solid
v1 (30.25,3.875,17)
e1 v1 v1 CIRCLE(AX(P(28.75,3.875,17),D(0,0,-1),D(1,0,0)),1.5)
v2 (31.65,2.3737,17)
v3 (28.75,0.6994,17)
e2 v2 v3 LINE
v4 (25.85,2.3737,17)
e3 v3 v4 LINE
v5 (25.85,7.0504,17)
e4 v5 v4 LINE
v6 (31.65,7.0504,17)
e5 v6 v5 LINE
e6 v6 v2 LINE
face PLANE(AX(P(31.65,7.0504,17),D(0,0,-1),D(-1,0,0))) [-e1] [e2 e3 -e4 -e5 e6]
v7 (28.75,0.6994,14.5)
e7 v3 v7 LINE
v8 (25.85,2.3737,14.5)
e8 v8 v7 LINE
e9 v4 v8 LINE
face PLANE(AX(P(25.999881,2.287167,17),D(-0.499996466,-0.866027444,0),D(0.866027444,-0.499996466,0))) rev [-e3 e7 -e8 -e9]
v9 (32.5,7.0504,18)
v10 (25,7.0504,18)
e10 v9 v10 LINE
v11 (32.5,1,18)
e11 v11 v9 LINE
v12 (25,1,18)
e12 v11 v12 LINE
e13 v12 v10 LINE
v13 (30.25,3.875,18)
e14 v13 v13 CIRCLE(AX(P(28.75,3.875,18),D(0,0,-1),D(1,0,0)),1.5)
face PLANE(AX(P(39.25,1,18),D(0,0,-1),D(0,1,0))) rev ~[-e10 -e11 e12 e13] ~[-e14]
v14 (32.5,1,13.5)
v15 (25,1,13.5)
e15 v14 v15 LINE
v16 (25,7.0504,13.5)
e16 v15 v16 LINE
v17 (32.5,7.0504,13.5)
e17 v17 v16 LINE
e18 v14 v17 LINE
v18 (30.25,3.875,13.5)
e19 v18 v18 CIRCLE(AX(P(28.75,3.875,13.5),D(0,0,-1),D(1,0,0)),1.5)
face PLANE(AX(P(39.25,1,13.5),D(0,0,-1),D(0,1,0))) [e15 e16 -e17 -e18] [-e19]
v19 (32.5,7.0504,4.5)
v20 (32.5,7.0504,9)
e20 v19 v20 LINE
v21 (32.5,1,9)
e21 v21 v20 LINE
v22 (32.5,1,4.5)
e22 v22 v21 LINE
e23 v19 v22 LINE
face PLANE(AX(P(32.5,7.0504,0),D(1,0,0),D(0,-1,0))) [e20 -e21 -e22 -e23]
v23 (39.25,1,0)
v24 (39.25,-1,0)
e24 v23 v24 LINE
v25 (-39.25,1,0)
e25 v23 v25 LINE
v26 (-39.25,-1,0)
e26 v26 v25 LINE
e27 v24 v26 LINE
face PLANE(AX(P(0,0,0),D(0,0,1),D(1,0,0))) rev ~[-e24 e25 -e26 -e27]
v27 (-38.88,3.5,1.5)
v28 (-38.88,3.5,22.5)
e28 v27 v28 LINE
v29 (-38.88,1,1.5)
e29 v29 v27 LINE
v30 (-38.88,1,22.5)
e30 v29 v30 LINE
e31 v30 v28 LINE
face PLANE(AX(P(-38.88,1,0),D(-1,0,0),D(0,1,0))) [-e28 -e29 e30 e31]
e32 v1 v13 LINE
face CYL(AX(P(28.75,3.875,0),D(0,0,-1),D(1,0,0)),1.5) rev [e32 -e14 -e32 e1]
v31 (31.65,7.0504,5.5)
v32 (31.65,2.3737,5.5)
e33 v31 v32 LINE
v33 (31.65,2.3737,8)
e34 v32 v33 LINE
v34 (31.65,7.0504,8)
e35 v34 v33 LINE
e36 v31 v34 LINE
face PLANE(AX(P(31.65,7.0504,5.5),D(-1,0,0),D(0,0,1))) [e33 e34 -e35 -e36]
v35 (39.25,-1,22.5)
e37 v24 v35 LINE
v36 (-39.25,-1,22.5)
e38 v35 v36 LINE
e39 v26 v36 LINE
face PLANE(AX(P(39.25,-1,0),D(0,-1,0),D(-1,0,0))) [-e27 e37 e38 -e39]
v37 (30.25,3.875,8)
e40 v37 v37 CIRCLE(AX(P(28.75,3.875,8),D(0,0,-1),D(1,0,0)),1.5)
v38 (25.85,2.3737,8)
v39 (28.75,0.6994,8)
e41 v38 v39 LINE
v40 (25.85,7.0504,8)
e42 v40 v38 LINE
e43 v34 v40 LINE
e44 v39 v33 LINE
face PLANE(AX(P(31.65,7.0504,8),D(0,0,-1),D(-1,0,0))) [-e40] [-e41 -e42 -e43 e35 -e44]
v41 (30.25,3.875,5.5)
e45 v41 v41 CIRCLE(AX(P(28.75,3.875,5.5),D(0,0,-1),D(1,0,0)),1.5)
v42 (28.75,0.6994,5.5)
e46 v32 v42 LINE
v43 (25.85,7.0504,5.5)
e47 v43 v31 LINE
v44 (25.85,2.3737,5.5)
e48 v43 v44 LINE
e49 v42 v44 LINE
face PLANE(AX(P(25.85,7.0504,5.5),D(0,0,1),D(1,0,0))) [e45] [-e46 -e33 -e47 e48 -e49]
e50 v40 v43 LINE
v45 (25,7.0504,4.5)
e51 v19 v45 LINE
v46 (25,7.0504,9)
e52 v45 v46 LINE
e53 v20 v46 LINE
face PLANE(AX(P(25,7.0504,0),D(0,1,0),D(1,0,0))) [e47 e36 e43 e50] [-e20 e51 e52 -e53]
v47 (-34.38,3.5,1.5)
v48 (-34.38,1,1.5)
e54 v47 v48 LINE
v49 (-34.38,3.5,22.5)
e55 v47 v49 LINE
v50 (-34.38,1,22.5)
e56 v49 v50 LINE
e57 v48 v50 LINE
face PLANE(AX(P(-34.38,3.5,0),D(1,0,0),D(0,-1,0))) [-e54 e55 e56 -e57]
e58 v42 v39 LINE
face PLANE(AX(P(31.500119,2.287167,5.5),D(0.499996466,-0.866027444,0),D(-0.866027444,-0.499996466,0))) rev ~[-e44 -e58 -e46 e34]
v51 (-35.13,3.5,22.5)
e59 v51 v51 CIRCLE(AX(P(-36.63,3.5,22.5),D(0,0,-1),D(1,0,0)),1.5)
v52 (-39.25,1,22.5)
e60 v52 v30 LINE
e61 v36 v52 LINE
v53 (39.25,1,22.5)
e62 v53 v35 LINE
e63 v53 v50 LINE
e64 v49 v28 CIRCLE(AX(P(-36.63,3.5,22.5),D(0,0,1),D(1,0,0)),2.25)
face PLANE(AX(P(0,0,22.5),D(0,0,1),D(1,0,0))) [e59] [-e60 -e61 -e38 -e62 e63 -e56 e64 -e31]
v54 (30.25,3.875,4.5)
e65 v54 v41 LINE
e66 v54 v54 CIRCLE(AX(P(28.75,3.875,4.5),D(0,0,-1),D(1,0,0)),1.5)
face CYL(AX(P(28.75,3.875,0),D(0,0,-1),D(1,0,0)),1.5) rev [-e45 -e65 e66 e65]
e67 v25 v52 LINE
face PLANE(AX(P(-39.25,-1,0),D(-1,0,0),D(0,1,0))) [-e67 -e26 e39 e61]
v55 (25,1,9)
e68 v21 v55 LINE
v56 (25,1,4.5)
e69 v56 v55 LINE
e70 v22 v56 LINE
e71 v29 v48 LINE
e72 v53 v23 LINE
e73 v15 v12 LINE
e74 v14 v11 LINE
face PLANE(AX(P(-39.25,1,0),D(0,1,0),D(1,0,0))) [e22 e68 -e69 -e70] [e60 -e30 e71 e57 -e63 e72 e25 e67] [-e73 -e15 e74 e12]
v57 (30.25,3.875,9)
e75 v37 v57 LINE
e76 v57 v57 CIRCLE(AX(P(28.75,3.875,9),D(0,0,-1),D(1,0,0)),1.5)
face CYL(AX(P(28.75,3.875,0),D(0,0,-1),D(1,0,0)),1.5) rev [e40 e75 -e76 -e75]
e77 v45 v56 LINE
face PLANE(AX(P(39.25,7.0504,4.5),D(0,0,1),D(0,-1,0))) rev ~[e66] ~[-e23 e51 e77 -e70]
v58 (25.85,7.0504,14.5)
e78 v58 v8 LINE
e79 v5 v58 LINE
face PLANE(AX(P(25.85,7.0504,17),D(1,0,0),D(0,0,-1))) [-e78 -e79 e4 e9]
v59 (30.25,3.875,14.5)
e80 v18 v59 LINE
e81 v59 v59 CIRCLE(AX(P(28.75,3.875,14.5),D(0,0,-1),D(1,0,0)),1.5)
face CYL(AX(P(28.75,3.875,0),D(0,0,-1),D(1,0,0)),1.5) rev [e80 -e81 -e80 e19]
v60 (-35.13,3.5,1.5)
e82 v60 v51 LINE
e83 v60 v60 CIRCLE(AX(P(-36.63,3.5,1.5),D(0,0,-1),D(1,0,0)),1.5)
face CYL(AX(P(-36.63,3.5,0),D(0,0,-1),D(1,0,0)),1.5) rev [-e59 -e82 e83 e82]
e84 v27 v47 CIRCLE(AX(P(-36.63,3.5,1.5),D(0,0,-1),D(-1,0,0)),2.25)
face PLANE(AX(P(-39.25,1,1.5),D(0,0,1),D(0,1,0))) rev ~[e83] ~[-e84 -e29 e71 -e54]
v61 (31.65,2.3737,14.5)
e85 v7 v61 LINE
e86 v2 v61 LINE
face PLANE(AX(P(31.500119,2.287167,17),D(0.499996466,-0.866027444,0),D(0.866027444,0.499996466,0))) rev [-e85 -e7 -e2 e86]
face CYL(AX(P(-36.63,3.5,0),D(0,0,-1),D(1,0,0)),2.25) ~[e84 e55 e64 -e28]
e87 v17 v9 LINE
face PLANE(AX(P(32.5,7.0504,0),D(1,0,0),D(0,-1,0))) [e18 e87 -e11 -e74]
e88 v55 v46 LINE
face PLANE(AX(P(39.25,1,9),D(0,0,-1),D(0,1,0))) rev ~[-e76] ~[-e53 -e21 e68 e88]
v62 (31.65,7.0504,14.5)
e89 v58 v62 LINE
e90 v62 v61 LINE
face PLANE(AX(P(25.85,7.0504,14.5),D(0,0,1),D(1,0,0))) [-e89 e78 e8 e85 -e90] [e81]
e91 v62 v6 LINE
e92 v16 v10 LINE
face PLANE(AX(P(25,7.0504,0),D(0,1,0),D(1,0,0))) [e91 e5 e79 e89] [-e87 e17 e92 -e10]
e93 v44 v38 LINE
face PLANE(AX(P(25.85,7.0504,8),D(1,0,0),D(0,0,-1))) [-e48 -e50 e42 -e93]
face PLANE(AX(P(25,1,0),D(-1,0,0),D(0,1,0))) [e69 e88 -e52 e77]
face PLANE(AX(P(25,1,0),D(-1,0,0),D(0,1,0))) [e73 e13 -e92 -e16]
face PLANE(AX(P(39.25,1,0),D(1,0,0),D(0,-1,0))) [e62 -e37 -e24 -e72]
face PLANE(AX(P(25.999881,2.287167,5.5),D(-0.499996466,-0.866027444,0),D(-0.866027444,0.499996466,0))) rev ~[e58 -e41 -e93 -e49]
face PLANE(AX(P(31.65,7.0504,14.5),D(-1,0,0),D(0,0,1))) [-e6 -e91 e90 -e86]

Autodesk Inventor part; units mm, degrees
ref_plane "YZ Plane" through (0, 0, 0) normal (1, 0, 0) x (0, 1, 0)
ref_plane "XZ Plane" through (0, 0, 0) normal (0, 1, 0) x (-1, 0, 0)
sketch "Sketch1" plane through (0, 0, 0) normal (0, 0, 1) x (1, 0, 0)
  line L0 (-39.25, 1) -> (39.25, 1)
  line L1 (39.25, 1) -> (39.25, -1)
  line L2 (39.25, -1) -> (-39.25, -1)
  line L3 (-39.25, -1) -> (-39.25, 1)
  circle A0 centre (-36.63, 3.5) radius 1.5
  circle A1 centre (28.75, 3.875) radius 1.5
  line L4 (39.25, 6.75) -> (38, 6.75)
  line L5 (38, 6.75) -> (38, 26.75)
  line L6 (38, 26.75) -> (-38, 26.75)
  line L7 (-38, 26.75) -> (-38, 6.75)
  line L8 (-38, 6.75) -> (-39.25, 6.75)
  line L9 (-39.25, 6.75) -> (-39.25, 1)
  line L10 (-39.25, 1) -> (39.25, 1)
  line L11 (39.25, 6.75) -> (39.25, 1)
  line L12 (-34.38, 1) -> (-38.88, 1)
  line L13 (-38.88, 1) -> (-38.88, 3.5)
  line L14 (-38.88, 3.5) -> (-34.38, 3.5)
  line L15 (-34.38, 3.5) -> (-34.38, 1)
  arc A2 (-34.38, 3.5) -> (-38.88, 3.5) centre (-36.63, 3.5) ccw
  line L16 (31, 1) -> (26.5, 1)
  line L17 (26.5, 1) -> (26.5, 3.875)
  line L18 (26.5, 3.875) -> (31, 3.875)
  line L19 (31, 3.875) -> (31, 1)
  arc A3 (31, 3.875) -> (26.5, 3.875) centre (28.75, 3.875) ccw
  line L20 (31.5, 5.4627) -> (31.5, 2.2873)
  line L21 (31.5, 2.2873) -> (28.75, 0.6996)
  line L22 (28.75, 0.6996) -> (26, 2.2873)
  line L23 (26, 2.2873) -> (26, 5.4627)
  line L24 (26, 5.4627) -> (28.75, 7.0504)
  line L25 (28.75, 7.0504) -> (31.5, 5.4627)
  line L26 (32.5, 1) -> (25, 1)
  line L27 (25, 1) -> (25, 7.0504)
  line L28 (25, 7.0504) -> (32.5, 7.0504)
  line L29 (32.5, 7.0504) -> (32.5, 1)
  point P0 (0, 0)
  point P1 (0, 1)
  point P2 (39.25, 0)
  point P3 (0, 35)
  point P4 (28.75, 7.0504)
  dimension "d0" = 2
  dimension "d1" = 78.5
  dimension "d4" = 2.62
  dimension "d5" = 2.5
  dimension "d6" = 3
  dimension "d7" = 4.5
  dimension "d8" = 2.875
  dimension "d9" = 10.5
  dimension "d10" = 3
  dimension "d11" = 4.5
  dimension "d12" = 5.5
  dimension "d13" = 7.5
  dimension "d14" = 0
extrude "Extrusion1" add sketch "Sketch1" along normal blind 22.5 contours L0 L22 L21 L1 L2 L3 | L13 L14 A0 L15 L0 | A2 L14 A0 | L27 L28 L24 L23 L22 L17 L0 | L17 L22 L0 | L0 L19 L21 L20 L25 L28 L29 | L22 L17 L18 A1 L19 L21 L0 | L0 L21 L22 | L22 L23 L24 L25 L20 L21 L19 A3 L17 | L0 L21 L19 | A3 L18 A1
sketch "Sketch2" plane through (39.25, -1, 0) normal (1, 0, 0) x (0, 0, -1)
  line L0 (-22.5, 0) -> (-22.5, 2) projected
  line L1 (0, 8.0504) -> (-22.5, 8.0504) projected
  line L2 (-22.5, 2) -> (-18, 2)
  line L3 (-18, 2) -> (-18, 8.0504)
  line L4 (-18, 8.0504) -> (-22.5, 8.0504)
  line L5 (-22.5, 8.0504) -> (-22.5, 2)
  line L6 (-18, 2) -> (-13.5, 2)
  line L7 (-13.5, 2) -> (-13.5, 8.0504)
  line L8 (-13.5, 8.0504) -> (-18, 8.0504)
  line L9 (-18, 8.0504) -> (-18, 2)
  line L10 (0, 2) -> (-22.5, 2) projected
  line L11 (-4.5, 2) -> (-9, 2)
  line L12 (-9, 2) -> (-9, 8.0504)
  line L13 (-9, 8.0504) -> (-4.5, 8.0504)
  line L14 (-4.5, 8.0504) -> (-4.5, 2)
  line L15 (0, 2) -> (-4.5, 2)
  line L16 (-4.5, 2) -> (-4.5, 8.0504)
  line L17 (-4.5, 8.0504) -> (0, 8.0504)
  line L18 (0, 8.0504) -> (0, 2)
  line L19 (-9, 8.0504) -> (-13.5, 8.0504)
  line L20 (-13.5, 8.0504) -> (-13.5, 2)
  line L21 (-13.5, 2) -> (-9, 2)
  line L22 (-9, 2) -> (-9, 8.0504)
  point P0 (0, 1)
  dimension "d15" = 4.5
  dimension "d16" = 4.5
  dimension "d17" = 4.5
  dimension "d18" = 4.5
extrude "Extrusion2" cut sketch "Sketch2" against normal up to surface (14.25 mm away) contours L18 L10 L14 L1 | L12 L10 L7 L1 | L3 L2 L5 L1
sketch "Sketch3" plane through (25, 7.0504, 18) normal (0, 1, 0) x (1, 0, 0)
  line L0 (6.65, 1) -> (0.85, 1)
  line L1 (0.85, 1) -> (0.85, 3.5)
  line L2 (0.85, 3.5) -> (6.65, 3.5)
  line L3 (6.65, 3.5) -> (6.65, 1)
  line L4 (0, 0) -> (7.5, 0) projected
  line L5 (7.5, 4.5) -> (7.5, 0) projected
  line L6 (6.65, 10) -> (0.85, 10)
  line L7 (0.85, 10) -> (0.85, 12.5)
  line L8 (0.85, 12.5) -> (6.65, 12.5)
  line L9 (6.65, 12.5) -> (6.65, 10)
  line L10 (0, 9) -> (7.5, 9) projected
  line L11 (7.5, 13.5) -> (7.5, 9) projected
  point P0 (-25, 18)
  point P1 (3.75, 1)
  point P2 (3.75, 0)
  point P3 (6.65, 2.25)
  point P4 (7.5, 2.25)
  point P5 (3.75, 10)
  point P6 (3.75, 9)
  point P7 (6.65, 11.25)
  point P8 (7.5, 11.25)
  dimension "d21" = 5.8
  dimension "d22" = 2.5
  dimension "d23" = 5.8
  dimension "d24" = 2.5
extrude "Extrusion3" cut sketch "Sketch3" against normal blind 6.351
sketch "Sketch4" plane through (25.85, 7.0504, 5.5) normal (0, 0, 1) x (1, 0, 0)
  circle A0 centre (2.9, -3.1754) radius 1.5 projected
  line L0 (0, 0) -> (5.8, 0) projected
  line L1 (0, 0) -> (0, -6.351) projected
  line L2 (0, -6.351) -> (5.8, -6.351) projected
  line L3 (5.8, 0) -> (5.8, -6.351) projected
  line L4 (2.9, -6.351) -> (0, -4.6767)
  line L5 (0.1499, -4.7632) -> (0.1499, -1.5876)
  line L6 (0.1499, -1.5876) -> (2.9, 0.0001)
  line L7 (2.9, 0.0001) -> (5.6501, -1.5876)
  line L8 (5.6501, -1.5876) -> (5.6501, -4.7632)
  line L9 (5.8, -4.6767) -> (2.9, -6.351)
  point P0 (-25.85, -7.0504)
extrude "Extrusion4" add sketch "Sketch4" along normal up to surface (2.5 mm away) contours L4 L2 L1 | L3 L2 L9
ref_plane "Work Plane1" through (25, 7.0504, 11.25) normal (0, 0, 1) x (1, 0, 0)
mirror "Mirror1" about plane through (25, 7.0504, 11.25) normal (0, 0, 1) of "Extrusion4"
sketch "Sketch5" plane through (-39.25, -1, 0) normal (0, -1, 0) x (1, 0, 0)
  line L0 (6.1251, 17.7549) -> (72.3749, 17.7549) construction
  line L1 (72.3749, 17.7549) -> (72.3749, 4.7451) construction
  line L2 (72.3749, 4.7451) -> (6.1251, 4.7451) construction
  line L3 (6.1251, 4.7451) -> (6.1251, 17.7549) construction
  line L4 (0, 22.5) -> (78.5, 22.5) projected
  line L5 (78.5, 0) -> (78.5, 22.5) projected
  point P0 (39.25, 0)
  point P1 (39.25, 17.7549)
  point P2 (39.25, 22.5)
  point P3 (72.3749, 11.25)
  point P4 (78.5, 11.25)
sketch "Sketch6" plane through (-39.25, -1, 0) normal (-1, 0, 0) x (0, 0, 1)
  line L0 (0, 0) -> (0, 2) projected
  line L1 (0, 6.75) -> (22.5, 6.75) projected
  line L2 (0, 2) -> (1.5, 2)
  line L3 (1.5, 2) -> (1.5, 6.75)
  line L4 (1.5, 6.75) -> (0, 6.75)
  line L5 (0, 6.75) -> (0, 2)
  point P0 (0, 1)
  dimension "d30" = 1.5
extrude "Extrusion5" cut sketch "Sketch6" against normal blind 10
equation "\"d11\" = d7"
equation "\"d17\" = d15"
equation "\"d18\" = d16"
equation "\"d23\" = d21"
equation "\"d24\" = d22"
properties part number "vrata"
